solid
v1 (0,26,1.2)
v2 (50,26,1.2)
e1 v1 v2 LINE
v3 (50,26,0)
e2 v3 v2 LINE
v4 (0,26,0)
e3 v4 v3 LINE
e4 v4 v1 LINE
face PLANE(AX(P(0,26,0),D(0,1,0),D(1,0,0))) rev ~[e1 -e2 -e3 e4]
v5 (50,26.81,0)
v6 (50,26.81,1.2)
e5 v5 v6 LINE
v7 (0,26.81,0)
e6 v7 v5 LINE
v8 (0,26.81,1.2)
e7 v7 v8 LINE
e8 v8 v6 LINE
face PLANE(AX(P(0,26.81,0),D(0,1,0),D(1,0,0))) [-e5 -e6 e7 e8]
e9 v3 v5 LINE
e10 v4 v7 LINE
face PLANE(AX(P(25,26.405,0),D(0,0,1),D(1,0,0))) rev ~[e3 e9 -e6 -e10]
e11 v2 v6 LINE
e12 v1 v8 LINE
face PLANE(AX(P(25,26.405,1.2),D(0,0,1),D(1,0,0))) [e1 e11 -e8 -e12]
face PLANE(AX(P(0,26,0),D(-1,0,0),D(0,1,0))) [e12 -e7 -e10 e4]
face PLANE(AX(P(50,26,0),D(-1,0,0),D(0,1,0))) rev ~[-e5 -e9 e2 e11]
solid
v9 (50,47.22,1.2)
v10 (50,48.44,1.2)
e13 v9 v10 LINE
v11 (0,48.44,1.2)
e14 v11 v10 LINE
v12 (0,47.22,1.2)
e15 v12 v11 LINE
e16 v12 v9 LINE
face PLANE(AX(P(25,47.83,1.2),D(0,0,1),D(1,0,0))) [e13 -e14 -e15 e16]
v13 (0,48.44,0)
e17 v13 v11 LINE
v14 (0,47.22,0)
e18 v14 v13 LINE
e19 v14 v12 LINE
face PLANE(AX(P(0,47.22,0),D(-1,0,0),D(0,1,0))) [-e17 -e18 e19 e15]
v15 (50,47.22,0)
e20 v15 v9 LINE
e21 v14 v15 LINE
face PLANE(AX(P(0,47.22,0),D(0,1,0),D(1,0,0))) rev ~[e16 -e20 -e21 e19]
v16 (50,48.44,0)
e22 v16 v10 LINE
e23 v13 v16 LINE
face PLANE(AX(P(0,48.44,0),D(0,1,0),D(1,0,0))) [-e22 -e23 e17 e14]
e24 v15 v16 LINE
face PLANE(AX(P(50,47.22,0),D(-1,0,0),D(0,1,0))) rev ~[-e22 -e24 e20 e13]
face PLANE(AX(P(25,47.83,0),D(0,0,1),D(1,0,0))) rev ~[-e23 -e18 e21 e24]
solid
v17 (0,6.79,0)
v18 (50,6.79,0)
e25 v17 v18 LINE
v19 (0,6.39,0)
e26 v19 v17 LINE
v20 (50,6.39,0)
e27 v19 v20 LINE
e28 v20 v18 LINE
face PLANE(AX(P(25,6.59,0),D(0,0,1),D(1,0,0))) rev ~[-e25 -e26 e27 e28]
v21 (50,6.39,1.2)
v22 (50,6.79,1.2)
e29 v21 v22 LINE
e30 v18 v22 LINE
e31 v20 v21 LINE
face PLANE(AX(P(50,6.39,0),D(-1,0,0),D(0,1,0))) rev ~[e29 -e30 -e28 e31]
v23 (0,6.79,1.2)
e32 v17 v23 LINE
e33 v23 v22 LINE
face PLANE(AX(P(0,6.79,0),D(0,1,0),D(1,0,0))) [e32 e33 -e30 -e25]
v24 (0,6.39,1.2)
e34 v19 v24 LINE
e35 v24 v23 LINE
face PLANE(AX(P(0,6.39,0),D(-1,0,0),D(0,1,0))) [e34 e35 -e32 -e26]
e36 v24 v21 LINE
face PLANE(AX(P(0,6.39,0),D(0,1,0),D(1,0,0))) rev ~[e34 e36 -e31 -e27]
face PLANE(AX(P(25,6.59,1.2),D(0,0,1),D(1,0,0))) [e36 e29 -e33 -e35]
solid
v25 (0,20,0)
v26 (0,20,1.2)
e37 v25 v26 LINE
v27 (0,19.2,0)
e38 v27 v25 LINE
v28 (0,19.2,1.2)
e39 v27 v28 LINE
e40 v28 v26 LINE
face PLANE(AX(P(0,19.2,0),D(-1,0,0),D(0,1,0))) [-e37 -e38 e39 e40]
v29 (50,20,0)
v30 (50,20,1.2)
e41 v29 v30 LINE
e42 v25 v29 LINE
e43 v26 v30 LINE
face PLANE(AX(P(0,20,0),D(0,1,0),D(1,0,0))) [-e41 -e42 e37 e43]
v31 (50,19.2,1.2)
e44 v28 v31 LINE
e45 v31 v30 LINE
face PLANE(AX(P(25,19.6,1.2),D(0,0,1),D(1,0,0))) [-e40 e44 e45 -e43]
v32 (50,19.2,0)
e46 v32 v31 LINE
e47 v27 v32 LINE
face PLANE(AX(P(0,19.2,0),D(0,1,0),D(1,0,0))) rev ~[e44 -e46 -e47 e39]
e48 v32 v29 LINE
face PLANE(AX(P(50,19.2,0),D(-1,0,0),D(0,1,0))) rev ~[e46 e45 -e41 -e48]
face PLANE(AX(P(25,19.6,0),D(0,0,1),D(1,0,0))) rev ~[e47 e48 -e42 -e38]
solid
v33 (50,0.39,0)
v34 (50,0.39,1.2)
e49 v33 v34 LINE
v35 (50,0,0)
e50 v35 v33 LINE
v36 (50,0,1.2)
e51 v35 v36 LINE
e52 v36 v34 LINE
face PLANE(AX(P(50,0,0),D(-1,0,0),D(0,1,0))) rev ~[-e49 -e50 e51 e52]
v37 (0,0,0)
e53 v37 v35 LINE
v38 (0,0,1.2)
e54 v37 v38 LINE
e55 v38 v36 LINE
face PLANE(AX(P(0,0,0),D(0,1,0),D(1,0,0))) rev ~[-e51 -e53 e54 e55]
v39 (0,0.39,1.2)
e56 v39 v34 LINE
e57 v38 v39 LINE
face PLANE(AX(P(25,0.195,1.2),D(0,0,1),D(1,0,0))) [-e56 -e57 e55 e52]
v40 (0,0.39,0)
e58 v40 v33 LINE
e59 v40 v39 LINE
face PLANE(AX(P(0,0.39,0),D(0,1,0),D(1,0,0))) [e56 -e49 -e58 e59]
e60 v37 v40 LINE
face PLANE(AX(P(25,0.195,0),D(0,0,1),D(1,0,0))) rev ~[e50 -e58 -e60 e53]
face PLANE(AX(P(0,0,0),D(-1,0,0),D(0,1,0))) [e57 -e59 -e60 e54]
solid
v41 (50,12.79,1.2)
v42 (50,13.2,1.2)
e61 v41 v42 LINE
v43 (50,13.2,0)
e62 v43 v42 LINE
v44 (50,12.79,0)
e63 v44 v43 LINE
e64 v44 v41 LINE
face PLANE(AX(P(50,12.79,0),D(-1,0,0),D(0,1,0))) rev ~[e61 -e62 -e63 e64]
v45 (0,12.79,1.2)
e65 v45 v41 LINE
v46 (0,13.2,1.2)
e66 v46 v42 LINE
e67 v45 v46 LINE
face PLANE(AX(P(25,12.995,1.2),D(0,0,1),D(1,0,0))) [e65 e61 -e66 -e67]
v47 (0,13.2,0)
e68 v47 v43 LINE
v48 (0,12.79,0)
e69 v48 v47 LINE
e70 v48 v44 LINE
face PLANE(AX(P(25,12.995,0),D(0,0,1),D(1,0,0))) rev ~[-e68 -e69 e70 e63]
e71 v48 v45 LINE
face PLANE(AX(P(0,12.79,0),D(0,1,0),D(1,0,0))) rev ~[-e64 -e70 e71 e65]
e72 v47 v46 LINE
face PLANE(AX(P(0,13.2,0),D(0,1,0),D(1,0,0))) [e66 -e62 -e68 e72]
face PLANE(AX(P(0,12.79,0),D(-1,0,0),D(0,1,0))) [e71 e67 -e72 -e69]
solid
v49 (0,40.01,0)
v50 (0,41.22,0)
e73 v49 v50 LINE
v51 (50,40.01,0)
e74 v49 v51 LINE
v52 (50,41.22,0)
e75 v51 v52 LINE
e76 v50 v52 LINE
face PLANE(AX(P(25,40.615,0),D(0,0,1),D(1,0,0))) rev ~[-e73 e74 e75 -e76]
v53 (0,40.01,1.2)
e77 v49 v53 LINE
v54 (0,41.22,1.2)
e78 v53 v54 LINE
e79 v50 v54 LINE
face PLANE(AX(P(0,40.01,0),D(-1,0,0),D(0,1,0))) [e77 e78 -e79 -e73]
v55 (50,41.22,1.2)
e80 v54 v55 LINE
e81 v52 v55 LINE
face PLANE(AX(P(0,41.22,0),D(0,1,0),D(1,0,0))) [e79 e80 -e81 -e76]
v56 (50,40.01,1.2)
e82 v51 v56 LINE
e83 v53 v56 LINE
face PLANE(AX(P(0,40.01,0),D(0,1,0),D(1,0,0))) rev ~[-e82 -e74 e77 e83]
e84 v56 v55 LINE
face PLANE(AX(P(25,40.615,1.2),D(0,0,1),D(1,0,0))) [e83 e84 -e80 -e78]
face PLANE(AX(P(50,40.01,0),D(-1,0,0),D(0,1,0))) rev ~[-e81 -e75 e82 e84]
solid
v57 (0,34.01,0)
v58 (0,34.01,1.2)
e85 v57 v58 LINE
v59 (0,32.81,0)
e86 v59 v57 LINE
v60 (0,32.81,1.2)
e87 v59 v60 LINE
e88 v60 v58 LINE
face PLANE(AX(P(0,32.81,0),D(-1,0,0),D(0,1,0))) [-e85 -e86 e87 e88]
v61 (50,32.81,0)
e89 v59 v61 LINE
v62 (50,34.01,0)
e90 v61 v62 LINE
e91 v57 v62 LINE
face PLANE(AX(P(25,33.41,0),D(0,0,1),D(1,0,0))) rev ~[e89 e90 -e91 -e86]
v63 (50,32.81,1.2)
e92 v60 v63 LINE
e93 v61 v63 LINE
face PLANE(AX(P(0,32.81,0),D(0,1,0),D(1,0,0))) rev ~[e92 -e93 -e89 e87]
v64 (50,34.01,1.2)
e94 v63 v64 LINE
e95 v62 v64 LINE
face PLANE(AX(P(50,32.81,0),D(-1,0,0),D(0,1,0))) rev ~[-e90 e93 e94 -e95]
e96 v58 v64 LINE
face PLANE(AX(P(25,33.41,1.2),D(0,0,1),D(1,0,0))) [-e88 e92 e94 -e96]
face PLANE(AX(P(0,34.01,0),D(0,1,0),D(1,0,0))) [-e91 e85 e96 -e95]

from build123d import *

# Parameters (mm, degrees)
F0_W     = 50
F0_H     = 0.39
F0_H_2   = 0.4
F0_H_3   = 0.41
F0_H_4   = 0.8
F0_H_5   = 0.81
F0_H_6   = 1.2
F0_H_7   = 1.21
F0_H_8   = 1.22
F1_DEPTH = 1.2


with BuildPart() as f1:
    # F0 (on Top) → F1 (new body)
    with BuildSketch(Plane.XY):
        with Locations((25, 0.195)):
            Rectangle(F0_W, F0_H)
        with Locations((25, 6.59)):
            Rectangle(F0_W, F0_H_2)
        with Locations((25, 12.995)):
            Rectangle(F0_W, F0_H_3)
        with Locations((25, 19.6)):
            Rectangle(F0_W, F0_H_4)
        with Locations((25, 26.405)):
            Rectangle(F0_W, F0_H_5)
        with Locations((25, 33.41)):
            Rectangle(F0_W, F0_H_6)
        with Locations((25, 40.615)):
            Rectangle(F0_W, F0_H_7)
        with Locations((25, 47.83)):
            Rectangle(F0_W, F0_H_8)
    extrude(amount=F1_DEPTH)


solid = f1.part
